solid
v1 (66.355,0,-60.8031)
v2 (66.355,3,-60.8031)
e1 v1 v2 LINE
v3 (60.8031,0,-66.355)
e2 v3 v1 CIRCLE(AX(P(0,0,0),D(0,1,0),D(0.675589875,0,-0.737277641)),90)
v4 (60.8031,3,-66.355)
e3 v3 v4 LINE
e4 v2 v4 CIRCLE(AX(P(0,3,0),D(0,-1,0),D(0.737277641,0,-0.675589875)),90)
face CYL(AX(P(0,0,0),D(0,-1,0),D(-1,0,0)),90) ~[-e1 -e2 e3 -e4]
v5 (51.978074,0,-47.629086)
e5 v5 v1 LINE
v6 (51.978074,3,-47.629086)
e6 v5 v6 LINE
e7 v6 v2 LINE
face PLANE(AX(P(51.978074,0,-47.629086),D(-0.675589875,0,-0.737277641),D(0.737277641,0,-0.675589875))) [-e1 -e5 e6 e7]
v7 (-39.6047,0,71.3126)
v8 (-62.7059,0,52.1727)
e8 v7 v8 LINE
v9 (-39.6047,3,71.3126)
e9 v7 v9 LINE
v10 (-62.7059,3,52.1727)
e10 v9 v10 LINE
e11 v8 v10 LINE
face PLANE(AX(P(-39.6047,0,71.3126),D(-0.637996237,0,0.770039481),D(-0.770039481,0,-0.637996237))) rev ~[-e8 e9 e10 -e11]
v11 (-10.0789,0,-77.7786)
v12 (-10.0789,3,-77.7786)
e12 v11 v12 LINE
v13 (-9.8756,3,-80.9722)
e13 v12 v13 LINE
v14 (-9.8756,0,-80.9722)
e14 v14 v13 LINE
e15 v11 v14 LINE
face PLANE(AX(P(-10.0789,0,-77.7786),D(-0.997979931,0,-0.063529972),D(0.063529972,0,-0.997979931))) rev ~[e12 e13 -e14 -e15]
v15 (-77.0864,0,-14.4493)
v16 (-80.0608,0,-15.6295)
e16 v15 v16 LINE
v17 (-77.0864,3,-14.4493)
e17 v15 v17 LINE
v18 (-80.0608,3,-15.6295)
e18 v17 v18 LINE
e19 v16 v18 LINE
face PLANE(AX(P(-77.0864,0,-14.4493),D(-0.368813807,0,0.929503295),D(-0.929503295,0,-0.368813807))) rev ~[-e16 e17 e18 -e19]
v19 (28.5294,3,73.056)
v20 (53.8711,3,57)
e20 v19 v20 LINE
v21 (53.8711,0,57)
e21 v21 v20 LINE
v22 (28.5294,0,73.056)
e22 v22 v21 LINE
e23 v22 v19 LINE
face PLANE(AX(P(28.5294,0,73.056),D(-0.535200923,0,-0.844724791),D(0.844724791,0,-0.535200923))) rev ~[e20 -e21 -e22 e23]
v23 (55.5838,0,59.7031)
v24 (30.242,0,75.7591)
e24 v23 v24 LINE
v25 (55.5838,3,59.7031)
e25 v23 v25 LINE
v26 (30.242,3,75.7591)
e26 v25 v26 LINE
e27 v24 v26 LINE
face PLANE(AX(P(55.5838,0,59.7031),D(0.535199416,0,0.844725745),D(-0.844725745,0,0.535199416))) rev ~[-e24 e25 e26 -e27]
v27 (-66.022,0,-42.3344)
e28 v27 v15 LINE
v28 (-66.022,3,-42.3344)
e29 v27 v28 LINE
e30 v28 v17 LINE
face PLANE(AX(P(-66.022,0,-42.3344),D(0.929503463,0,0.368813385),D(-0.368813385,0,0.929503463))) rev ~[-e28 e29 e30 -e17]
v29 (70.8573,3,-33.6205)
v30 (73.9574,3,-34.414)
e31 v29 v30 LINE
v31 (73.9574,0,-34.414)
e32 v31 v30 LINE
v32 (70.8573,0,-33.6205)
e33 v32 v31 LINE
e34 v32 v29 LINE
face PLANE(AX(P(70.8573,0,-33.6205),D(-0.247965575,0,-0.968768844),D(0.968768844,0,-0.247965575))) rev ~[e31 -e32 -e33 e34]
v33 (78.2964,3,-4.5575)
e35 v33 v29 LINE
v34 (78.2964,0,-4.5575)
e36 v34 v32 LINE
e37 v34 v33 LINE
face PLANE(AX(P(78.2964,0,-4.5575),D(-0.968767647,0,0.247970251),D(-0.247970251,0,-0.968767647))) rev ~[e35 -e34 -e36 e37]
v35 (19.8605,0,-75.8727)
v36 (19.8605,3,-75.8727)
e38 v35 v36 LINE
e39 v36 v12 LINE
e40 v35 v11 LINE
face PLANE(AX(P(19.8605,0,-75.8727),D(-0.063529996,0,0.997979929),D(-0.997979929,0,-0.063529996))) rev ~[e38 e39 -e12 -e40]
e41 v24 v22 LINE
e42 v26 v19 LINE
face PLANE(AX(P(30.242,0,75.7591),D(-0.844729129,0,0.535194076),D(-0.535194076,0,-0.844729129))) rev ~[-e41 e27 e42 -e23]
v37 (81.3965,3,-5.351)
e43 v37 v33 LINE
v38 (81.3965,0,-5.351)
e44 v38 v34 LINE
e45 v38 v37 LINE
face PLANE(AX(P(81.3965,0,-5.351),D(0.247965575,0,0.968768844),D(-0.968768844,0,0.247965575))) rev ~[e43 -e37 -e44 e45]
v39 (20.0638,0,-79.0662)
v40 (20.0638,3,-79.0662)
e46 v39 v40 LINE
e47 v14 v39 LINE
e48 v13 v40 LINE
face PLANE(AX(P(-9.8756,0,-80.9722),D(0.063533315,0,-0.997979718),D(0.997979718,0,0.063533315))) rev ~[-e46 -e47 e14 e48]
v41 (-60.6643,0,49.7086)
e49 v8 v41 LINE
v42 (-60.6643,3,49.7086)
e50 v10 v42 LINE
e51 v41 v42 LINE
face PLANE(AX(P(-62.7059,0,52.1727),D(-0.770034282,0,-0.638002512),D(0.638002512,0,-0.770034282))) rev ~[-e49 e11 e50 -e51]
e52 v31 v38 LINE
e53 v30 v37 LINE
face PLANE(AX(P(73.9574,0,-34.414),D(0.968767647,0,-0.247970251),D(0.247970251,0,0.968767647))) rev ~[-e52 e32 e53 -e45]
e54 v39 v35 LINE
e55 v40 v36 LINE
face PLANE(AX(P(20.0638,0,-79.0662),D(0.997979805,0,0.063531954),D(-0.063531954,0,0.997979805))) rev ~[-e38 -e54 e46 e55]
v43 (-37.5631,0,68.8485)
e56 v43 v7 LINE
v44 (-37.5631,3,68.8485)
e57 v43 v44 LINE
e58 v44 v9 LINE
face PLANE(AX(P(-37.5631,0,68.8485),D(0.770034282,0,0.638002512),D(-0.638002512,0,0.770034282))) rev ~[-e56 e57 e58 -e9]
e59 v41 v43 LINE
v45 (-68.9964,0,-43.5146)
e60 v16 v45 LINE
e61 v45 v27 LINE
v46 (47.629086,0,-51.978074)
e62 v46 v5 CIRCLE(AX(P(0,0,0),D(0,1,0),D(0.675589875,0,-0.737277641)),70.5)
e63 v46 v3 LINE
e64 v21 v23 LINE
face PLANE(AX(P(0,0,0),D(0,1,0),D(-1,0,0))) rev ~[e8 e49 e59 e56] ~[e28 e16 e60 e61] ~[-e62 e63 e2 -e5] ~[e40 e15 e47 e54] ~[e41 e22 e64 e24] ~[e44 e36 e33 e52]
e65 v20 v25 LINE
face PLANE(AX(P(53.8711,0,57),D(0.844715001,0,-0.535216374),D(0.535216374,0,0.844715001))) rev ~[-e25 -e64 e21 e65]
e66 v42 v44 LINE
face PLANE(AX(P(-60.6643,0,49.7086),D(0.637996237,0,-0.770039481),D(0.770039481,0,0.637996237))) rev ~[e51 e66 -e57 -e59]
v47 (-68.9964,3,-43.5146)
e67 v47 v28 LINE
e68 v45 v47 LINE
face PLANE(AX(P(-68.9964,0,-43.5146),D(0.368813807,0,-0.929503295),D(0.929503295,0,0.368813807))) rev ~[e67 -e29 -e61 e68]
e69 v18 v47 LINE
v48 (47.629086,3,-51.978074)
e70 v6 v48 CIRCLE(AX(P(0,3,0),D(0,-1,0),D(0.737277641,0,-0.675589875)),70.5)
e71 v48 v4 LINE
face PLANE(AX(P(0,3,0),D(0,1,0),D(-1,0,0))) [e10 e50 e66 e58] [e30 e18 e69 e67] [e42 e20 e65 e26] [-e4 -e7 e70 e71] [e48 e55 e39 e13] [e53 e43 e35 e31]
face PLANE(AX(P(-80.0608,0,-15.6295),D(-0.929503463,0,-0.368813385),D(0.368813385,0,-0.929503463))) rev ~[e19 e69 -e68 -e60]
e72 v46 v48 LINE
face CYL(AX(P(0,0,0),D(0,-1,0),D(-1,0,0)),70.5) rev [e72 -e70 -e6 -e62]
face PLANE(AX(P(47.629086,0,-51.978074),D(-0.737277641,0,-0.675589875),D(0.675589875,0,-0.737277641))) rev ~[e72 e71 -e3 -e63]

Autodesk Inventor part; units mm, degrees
ref_plane "YZ Plane" through (0, 0, 0) normal (1, 0, 0) x (0, 1, 0)
ref_plane "XZ Plane" through (0, 0, 0) normal (0, 1, 0) x (-1, 0, 0)
ref_plane "XY Plane" through (0, 0, 0) normal (0, 0, 1) x (1, 0, 0)
sketch "Sketch1" plane through (0, 0, 0) normal (0, 1, 0) x (-1, 0, 0)
  circle A0 centre (0, 0) radius 70.5
  circle A1 centre (0, 0) radius 90
  line L0 (90, 0) -> (70.5, 0)
  line L1 (-90, 0) -> (-70.5, 0)
  line L2 (0, 0) -> (-70.5, 0) construction
  line L3 (0, 70.5) -> (0, 0) construction
  line L4 (0, 90) -> (0, 70.5)
  line L5 (-70.5, 0) -> (-90, 0)
  line L6 (-74.25, 7) -> (-86.25, 7)
  line L7 (-86.25, 7) -> (-83.7022, 0)
  line L8 (-74.25, 7) -> (-76.7978, 0)
  line L9 (-80.25, 0) -> (-80.25, 7) construction
  line L10 (-55.5838, 59.7031) -> (-30.242, 75.7591)
  line L11 (-30.242, 75.7591) -> (-28.5294, 73.056)
  line L12 (-28.5294, 73.056) -> (-53.8711, 57)
  line L13 (-53.8711, 57) -> (-55.5838, 59.7031)
  line L14 (-55.5838, 59.7031) -> (-28.5294, 73.056) construction
  line L15 (-30.242, 75.7591) -> (-53.8711, 57) construction
  circle A2 centre (0, 0) radius 80 construction
  line L16 (-73.9574, -34.414) -> (-81.3965, -5.351)
  line L17 (-70.8573, -33.6205) -> (-73.9574, -34.414)
  line L18 (-78.2964, -4.5575) -> (-70.8573, -33.6205)
  line L19 (-81.3965, -5.351) -> (-78.2964, -4.5575)
  line L20 (9.8756, -80.9722) -> (-20.0638, -79.0662)
  line L21 (10.0789, -77.7786) -> (9.8756, -80.9722)
  line L22 (-19.8605, -75.8727) -> (10.0789, -77.7786)
  line L23 (-20.0638, -79.0662) -> (-19.8605, -75.8727)
  line L24 (80.0608, -15.6295) -> (68.9964, -43.5146)
  line L25 (77.0864, -14.4493) -> (80.0608, -15.6295)
  line L26 (66.022, -42.3344) -> (77.0864, -14.4493)
  line L27 (68.9964, -43.5146) -> (66.022, -42.3344)
  line L28 (0, 0) -> (-63.6396, -63.6396) construction
  line L29 (0, 0) -> (-60.8031, -66.355)
  line L30 (0, 0) -> (-66.355, -60.8031)
  line L31 (39.6047, 71.3126) -> (62.7059, 52.1727)
  line L32 (37.5631, 68.8485) -> (39.6047, 71.3126)
  line L33 (60.6643, 49.7086) -> (37.5631, 68.8485)
  line L34 (62.7059, 52.1727) -> (60.6643, 49.7086)
  point P0 (80.25, 0)
  point P1 (-80.25, 0)
  point P2 (-42.0566, 66.3795)
  point P3 (-15.2947, 78.5243)
  point P4 (-54.7275, 58.3516)
  point P5 (-29.3857, 74.4075)
  point P6 (-72.4073, -34.0173)
  point P7 (-79.8464, -4.9543)
  point P8 (9.9773, -79.3754)
  point P9 (-19.9621, -77.4694)
  point P10 (78.5736, -15.0394)
  point P11 (67.5092, -42.9245)
  point P12 (-76.7978, 0)
  point P13 (-83.7022, 0)
  point P14 (38.5839, 70.0805)
  point P15 (61.6851, 50.9406)
  point P16 (-51.9781, -47.6291)
  point P17 (-47.6291, -51.9781)
  dimension "d1" = 180
  dimension "d0" = 141
  dimension "d4" = 90
  dimension "d5" = 7
  dimension "d6" = 70
  dimension "d8" = 12
  dimension "d13" = 3.2
  dimension "d14" = 30
  dimension "d15" = 50
  dimension "d20" = 160
  dimension "d27" = 360
  dimension "d29" = 45
  dimension "d32" = 5
  dimension "d33" = 2.5
extrude "Extrusion1" add sketch "Sketch1" along normal blind 3 contours L0 A1 L29 A0 | A0 L4 A1 L0 | A0 L1 L8 L6 L7 A1 L4 | A0 L30 A1 L1 | L1 L7 L6 L8
equation "\"d33\" = 0.5 * d32"
properties part number "D14_CM_CIRCULO" material "MDF Medium Density Fiberboard"
